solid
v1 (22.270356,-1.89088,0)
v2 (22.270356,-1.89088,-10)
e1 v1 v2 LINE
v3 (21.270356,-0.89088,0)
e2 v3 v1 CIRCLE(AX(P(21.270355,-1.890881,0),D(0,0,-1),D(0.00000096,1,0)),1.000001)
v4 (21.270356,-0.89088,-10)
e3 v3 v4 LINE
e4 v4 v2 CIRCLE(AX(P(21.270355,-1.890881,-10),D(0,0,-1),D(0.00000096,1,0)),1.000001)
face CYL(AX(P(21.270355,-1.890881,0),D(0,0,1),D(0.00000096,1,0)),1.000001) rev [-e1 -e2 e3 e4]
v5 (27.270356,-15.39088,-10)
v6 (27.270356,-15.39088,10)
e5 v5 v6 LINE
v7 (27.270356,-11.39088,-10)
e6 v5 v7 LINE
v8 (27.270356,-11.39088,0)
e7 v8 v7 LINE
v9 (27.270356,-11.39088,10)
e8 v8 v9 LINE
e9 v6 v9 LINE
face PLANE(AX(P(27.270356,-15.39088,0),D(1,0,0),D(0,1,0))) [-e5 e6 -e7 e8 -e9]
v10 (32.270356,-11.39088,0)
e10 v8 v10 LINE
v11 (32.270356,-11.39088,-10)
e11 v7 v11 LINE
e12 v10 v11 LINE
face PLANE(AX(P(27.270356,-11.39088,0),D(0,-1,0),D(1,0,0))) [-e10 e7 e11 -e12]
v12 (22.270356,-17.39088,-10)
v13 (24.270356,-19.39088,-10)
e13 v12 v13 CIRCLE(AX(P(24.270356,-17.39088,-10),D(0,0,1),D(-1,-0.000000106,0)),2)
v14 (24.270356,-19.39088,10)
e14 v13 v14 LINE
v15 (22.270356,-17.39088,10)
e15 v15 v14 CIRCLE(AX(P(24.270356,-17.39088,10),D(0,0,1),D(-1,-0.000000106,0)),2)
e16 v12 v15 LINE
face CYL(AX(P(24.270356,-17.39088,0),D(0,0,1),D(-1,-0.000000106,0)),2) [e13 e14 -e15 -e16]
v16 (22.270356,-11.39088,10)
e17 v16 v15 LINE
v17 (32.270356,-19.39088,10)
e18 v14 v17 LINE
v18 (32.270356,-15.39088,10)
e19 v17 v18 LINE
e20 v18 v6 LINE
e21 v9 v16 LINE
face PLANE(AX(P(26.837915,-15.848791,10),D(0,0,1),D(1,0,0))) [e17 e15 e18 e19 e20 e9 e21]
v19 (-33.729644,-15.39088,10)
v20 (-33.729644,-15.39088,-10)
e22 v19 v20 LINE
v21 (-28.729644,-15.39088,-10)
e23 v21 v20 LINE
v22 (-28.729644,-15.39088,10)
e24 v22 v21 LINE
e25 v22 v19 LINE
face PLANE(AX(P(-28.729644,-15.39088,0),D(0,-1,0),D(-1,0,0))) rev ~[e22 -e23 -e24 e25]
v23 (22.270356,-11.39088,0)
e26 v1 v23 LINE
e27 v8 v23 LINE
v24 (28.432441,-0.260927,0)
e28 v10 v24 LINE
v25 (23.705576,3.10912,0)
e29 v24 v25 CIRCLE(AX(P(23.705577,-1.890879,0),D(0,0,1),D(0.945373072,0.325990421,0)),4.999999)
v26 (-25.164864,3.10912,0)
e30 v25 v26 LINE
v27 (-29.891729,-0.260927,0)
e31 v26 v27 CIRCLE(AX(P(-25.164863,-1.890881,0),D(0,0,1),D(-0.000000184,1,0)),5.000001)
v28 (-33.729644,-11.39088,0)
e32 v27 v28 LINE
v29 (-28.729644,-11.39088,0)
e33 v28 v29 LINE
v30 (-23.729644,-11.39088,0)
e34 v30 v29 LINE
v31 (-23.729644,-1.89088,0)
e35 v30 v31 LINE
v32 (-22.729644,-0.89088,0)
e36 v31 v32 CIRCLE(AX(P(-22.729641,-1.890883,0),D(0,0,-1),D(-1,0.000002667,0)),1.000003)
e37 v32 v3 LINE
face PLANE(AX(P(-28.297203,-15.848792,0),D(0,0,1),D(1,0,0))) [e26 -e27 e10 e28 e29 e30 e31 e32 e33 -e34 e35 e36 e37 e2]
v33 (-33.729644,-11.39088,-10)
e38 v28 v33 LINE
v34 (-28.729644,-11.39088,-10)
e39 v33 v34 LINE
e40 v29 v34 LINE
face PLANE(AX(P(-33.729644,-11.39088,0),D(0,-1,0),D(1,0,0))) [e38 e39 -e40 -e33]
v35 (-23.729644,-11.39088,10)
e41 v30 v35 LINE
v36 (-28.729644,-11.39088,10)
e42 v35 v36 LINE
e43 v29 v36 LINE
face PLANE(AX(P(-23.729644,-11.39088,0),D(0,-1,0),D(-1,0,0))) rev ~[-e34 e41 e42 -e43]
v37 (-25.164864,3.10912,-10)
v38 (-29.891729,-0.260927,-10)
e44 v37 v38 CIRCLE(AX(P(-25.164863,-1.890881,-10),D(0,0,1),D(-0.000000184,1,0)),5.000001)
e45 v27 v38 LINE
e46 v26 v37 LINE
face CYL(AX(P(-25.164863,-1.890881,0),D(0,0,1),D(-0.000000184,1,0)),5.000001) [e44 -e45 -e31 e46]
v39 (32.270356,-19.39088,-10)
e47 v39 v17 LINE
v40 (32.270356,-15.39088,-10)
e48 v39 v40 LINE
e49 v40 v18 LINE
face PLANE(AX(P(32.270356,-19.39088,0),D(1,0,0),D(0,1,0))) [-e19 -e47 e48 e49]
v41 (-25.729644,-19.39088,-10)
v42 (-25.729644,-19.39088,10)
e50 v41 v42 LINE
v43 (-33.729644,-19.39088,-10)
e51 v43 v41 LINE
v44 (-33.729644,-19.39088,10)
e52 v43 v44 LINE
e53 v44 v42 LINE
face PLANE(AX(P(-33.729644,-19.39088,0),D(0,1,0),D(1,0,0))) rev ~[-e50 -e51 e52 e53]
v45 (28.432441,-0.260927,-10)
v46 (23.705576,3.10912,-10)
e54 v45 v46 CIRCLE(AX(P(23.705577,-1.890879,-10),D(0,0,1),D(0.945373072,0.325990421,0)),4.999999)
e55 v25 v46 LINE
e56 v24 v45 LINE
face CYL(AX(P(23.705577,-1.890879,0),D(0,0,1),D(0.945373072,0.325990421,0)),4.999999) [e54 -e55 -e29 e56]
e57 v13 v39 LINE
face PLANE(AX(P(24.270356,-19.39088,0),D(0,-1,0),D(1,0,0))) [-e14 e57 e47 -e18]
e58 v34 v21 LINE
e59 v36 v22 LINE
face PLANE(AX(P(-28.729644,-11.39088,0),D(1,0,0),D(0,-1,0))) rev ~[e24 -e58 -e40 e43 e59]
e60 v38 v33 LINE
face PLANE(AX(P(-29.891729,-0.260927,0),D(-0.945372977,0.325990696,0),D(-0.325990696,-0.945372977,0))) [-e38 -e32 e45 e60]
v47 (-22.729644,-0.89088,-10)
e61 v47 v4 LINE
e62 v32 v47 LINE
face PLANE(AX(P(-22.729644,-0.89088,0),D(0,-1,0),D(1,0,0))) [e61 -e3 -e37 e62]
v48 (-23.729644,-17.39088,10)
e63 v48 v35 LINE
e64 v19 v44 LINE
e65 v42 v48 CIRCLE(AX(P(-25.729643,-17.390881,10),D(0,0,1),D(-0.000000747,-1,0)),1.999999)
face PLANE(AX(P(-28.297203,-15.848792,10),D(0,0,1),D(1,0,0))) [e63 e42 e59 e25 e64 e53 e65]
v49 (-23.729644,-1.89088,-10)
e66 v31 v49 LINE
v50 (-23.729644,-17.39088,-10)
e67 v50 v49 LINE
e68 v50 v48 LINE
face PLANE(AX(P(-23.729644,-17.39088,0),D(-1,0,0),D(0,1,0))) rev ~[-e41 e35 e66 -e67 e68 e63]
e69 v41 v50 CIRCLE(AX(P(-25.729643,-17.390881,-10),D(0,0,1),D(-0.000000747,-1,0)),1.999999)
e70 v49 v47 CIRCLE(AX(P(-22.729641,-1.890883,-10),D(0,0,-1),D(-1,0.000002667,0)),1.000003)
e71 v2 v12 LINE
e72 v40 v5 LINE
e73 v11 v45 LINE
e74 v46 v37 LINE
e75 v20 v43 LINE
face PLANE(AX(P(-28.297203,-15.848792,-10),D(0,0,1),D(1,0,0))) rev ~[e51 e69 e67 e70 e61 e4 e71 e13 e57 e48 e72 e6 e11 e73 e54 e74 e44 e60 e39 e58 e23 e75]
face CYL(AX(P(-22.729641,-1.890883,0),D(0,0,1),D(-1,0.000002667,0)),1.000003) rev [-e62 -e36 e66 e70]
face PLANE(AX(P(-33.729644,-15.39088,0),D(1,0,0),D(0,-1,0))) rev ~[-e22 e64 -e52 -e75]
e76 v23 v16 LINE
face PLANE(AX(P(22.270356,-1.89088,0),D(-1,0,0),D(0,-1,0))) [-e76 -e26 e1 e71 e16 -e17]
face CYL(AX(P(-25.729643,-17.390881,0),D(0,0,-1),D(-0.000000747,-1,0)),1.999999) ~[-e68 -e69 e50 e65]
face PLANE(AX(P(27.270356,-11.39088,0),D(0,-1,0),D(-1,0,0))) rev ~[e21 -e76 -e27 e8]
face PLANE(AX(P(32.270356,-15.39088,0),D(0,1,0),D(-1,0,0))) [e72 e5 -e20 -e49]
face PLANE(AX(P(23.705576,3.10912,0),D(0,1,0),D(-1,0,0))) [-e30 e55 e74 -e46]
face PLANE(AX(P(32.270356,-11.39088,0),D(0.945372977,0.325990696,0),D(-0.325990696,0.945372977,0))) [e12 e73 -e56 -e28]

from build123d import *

# Parameters (mm, degrees)
F1_DEPTH = 10
F2_DEPTH = 10


with BuildPart() as f1:
    # F0 (on Top) → F1 (new body)
    with BuildSketch(Plane.XY):
        with BuildLine():
            Line((-33.729644, -15.39088), (-33.729644, -19.39088))
            Line((-33.729644, -19.39088), (-25.729644, -19.39088))
            ThreePointArc((-25.729644, -19.39088), (-24.31543, -18.805094), (-23.729644, -17.39088))
            Line((-23.729644, -17.39088), (-23.729644, -11.39088))
            Line((-23.729644, -11.39088), (-28.729644, -11.39088))
            Line((-28.729644, -11.39088), (-28.729644, -15.39088))
            Line((-28.729644, -15.39088), (-33.729644, -15.39088))
        make_face()
        with BuildLine():
            Line((-28.729644, -11.39088), (-23.729644, -11.39088))
            Line((-23.729644, -11.39088), (-23.729644, -1.89088))
            ThreePointArc((-23.729644, -1.89088), (-23.43675, -1.183774), (-22.729644, -0.89088))
            Line((-22.729644, -0.89088), (21.270356, -0.89088))
            ThreePointArc((21.270356, -0.89088), (21.977463, -1.183774), (22.270356, -1.89088))
            Line((22.270356, -1.89088), (22.270356, -11.39088))
            Line((22.270356, -11.39088), (27.270356, -11.39088))
            Line((27.270356, -11.39088), (32.270356, -11.39088))
            Line((32.270356, -11.39088), (28.432441, -0.260927))
            ThreePointArc((28.432441, -0.260927), (26.608182, 2.180346), (23.705576, 3.10912))
            Line((23.705576, 3.10912), (-25.164864, 3.10912))
            ThreePointArc((-25.164864, 3.10912), (-28.067469, 2.180346), (-29.891729, -0.260927))
            Line((-29.891729, -0.260927), (-33.729644, -11.39088))
            Line((-33.729644, -11.39088), (-28.729644, -11.39088))
        make_face()
        with BuildLine():
            Line((27.270356, -11.39088), (22.270356, -11.39088))
            Line((22.270356, -11.39088), (22.270356, -17.39088))
            ThreePointArc((22.270356, -17.39088), (22.856143, -18.805094), (24.270356, -19.39088))
            Line((24.270356, -19.39088), (32.270356, -19.39088))
            Line((32.270356, -19.39088), (32.270356, -15.39088))
            Line((32.270356, -15.39088), (27.270356, -15.39088))
            Line((27.270356, -15.39088), (27.270356, -11.39088))
        make_face()
    extrude(amount=-F1_DEPTH)

    # F0 (on Top) → F2 (join)
    with BuildSketch(Plane.XY):
        with BuildLine():
            Line((-33.729644, -15.39088), (-33.729644, -19.39088))
            Line((-33.729644, -19.39088), (-25.729644, -19.39088))
            ThreePointArc((-25.729644, -19.39088), (-24.31543, -18.805094), (-23.729644, -17.39088))
            Line((-23.729644, -17.39088), (-23.729644, -11.39088))
            Line((-23.729644, -11.39088), (-28.729644, -11.39088))
            Line((-28.729644, -11.39088), (-28.729644, -15.39088))
            Line((-28.729644, -15.39088), (-33.729644, -15.39088))
        make_face()
        with BuildLine():
            Line((27.270356, -11.39088), (22.270356, -11.39088))
            Line((22.270356, -11.39088), (22.270356, -17.39088))
            ThreePointArc((22.270356, -17.39088), (22.856143, -18.805094), (24.270356, -19.39088))
            Line((24.270356, -19.39088), (32.270356, -19.39088))
            Line((32.270356, -19.39088), (32.270356, -15.39088))
            Line((32.270356, -15.39088), (27.270356, -15.39088))
            Line((27.270356, -15.39088), (27.270356, -11.39088))
        make_face()
    extrude(amount=F2_DEPTH)


solid = f1.part
